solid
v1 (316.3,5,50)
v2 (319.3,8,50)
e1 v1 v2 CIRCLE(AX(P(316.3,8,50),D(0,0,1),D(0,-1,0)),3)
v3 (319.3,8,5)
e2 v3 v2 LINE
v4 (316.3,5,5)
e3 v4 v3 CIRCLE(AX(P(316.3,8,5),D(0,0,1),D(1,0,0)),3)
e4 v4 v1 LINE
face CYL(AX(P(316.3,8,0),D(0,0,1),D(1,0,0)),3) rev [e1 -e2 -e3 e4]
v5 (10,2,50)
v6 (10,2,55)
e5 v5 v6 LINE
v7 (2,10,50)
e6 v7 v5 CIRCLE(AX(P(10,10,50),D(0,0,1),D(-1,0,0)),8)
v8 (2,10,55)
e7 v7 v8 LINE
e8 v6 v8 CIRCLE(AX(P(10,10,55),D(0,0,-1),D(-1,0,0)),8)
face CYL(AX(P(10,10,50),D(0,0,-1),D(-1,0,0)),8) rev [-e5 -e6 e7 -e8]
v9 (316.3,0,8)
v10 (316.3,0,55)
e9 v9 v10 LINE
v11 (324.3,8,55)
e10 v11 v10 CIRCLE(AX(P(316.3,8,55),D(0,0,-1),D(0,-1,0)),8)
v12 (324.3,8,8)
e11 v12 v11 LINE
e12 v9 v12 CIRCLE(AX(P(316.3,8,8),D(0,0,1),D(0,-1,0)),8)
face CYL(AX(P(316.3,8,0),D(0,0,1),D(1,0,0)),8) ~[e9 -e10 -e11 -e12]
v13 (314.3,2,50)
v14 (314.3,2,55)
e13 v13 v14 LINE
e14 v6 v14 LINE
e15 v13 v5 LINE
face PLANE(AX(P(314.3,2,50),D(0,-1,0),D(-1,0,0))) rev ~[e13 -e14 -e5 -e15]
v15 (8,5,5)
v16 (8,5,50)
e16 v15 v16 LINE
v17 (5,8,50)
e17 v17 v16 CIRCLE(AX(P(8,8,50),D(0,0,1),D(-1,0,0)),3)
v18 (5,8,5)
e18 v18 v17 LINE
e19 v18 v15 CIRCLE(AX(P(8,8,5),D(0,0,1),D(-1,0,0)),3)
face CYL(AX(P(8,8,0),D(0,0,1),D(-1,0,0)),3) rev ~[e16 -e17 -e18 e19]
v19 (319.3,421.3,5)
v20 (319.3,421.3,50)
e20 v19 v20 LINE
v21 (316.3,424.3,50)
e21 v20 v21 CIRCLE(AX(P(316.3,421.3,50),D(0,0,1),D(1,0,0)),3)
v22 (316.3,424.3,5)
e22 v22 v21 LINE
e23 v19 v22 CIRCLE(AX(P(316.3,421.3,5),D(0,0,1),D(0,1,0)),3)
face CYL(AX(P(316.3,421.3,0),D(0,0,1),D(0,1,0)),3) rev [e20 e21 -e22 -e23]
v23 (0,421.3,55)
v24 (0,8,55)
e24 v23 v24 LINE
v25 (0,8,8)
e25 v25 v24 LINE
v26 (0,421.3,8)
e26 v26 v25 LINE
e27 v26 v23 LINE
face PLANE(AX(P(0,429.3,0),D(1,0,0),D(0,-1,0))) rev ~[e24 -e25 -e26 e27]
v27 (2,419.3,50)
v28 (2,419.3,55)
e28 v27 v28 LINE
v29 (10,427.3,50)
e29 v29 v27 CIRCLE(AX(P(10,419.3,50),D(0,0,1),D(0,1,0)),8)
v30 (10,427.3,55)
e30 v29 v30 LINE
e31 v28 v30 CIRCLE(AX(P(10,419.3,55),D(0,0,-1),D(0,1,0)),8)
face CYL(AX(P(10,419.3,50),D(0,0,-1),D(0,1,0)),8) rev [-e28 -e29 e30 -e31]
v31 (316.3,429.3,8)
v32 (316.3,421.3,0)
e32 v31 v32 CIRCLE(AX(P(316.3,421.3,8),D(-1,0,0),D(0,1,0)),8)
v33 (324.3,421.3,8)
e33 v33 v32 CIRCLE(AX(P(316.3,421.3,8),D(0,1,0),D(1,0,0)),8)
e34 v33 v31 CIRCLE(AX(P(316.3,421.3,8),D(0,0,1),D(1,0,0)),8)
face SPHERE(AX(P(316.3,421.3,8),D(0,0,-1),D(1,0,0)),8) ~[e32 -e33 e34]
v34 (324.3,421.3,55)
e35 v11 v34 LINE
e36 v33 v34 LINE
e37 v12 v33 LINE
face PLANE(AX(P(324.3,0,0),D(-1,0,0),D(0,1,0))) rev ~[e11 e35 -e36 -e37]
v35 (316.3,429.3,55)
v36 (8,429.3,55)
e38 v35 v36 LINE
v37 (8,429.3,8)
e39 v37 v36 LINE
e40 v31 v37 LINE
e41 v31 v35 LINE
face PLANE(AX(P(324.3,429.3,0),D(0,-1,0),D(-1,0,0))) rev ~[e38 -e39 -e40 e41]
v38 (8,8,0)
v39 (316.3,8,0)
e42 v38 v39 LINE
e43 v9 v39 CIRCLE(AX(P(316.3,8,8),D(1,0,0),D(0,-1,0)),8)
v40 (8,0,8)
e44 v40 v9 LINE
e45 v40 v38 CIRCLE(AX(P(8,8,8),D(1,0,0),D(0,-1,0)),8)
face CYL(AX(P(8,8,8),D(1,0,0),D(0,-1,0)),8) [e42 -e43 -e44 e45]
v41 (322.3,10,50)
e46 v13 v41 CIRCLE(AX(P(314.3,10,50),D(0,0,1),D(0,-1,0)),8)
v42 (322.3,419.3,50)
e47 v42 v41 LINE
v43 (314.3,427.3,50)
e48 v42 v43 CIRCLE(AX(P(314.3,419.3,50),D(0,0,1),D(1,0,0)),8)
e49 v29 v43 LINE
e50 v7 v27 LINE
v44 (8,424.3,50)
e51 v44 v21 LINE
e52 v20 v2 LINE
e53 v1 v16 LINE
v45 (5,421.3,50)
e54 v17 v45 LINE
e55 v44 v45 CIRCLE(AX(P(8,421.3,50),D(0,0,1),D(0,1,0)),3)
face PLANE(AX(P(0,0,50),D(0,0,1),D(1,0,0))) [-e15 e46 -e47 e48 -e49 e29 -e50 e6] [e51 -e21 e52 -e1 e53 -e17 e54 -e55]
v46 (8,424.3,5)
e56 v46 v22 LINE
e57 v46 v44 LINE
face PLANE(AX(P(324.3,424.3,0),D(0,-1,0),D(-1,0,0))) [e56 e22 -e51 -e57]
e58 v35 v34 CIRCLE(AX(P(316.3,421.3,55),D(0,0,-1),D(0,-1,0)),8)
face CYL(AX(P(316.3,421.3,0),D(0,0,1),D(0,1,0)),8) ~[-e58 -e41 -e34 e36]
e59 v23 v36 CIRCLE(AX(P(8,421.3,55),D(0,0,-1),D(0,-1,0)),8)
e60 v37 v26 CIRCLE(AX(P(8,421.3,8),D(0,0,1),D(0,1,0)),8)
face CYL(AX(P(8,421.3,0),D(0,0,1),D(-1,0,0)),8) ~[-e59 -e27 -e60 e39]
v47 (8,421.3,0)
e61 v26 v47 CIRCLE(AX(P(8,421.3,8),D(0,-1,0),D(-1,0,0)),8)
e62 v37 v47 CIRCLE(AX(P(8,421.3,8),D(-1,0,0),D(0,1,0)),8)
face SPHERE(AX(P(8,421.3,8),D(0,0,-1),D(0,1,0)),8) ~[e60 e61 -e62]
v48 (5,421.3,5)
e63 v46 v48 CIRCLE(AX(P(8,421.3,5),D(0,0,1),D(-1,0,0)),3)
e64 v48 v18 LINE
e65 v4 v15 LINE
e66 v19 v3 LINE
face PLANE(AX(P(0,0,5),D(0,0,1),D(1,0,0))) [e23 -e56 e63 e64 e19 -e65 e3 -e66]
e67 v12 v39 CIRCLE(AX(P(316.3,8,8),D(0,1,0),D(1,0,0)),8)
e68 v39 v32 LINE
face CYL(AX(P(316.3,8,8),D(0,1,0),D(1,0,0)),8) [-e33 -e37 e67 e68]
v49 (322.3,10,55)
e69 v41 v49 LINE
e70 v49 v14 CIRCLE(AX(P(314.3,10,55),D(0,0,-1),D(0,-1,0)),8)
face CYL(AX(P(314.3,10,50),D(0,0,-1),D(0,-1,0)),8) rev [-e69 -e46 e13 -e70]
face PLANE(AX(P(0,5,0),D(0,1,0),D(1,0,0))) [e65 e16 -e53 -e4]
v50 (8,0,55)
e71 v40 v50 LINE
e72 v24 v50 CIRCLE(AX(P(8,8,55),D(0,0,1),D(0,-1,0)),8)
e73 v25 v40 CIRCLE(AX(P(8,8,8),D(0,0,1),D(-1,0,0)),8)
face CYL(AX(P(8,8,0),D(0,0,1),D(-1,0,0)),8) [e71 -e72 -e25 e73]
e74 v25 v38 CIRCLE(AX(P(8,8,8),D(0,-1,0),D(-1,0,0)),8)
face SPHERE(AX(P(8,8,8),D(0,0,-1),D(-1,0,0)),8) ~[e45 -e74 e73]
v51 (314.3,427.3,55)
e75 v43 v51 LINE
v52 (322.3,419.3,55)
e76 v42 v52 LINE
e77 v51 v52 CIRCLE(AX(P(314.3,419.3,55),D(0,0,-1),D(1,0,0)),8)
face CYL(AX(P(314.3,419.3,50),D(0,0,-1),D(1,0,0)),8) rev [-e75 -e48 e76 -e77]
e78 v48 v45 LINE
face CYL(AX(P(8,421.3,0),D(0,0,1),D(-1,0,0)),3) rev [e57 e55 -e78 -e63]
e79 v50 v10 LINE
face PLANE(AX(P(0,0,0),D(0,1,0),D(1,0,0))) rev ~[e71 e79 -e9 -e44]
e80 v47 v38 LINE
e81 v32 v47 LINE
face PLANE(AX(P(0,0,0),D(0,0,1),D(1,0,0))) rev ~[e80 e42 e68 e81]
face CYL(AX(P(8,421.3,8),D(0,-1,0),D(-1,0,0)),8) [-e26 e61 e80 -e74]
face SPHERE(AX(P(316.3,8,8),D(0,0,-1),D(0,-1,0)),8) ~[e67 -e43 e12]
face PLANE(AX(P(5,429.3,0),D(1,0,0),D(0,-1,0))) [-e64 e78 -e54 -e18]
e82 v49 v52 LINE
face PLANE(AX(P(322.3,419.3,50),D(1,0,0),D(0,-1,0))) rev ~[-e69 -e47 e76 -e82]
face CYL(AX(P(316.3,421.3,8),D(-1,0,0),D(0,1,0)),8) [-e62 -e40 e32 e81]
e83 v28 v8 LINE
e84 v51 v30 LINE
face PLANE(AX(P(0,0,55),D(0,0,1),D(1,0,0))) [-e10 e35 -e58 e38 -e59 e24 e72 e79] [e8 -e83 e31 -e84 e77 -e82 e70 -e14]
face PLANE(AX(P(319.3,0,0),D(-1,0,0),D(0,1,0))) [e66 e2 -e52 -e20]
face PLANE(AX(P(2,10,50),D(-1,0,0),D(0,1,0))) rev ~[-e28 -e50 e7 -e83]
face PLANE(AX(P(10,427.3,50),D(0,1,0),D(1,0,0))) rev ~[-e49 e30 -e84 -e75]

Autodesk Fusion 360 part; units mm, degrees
sketch "Sketch1" plane through (0, 0, 0) normal (0, 0, 1) x (1, 0, 0)
  line L0 (0, 0) -> (324.3, 0)
  line L1 (324.3, 0) -> (324.3, 429.3)
  line L2 (324.3, 429.3) -> (0, 429.3)
  line L3 (0, 429.3) -> (0, 0)
  dimension "d7" = 324.3
  dimension "d8" = 429.3
extrude "Extrude1" add sketch "Sketch1" along normal blind 55
fillet "Fillet1" radius 8 4 edges at (324.3, 0, 27.5) (324.3, 429.3, 27.5) (0, 429.3, 27.5) (0, 0, 27.5)
shell "Shell1" thickness 5 removed faces 1 at (216.2, 283.5333, 55)
ref_plane "WorkPlane1" through (162.15, 214.65, 50) normal (0, 0, 1) x (1, 0, 0)
sketch "Sketch2" plane through (0, 0, 50) normal (0, 0, 1) x (1, 0, 0)
  line L0 (10, 427.3) -> (314.3, 427.3)
  line L1 (322.3, 419.3) -> (322.3, 10)
  line L2 (314.3, 2) -> (10, 2)
  line L3 (2, 10) -> (2, 419.3)
  arc A0 (8, 424.3) -> (5, 421.3) centre (8, 421.3) ccw
  line L4 (8, 424.3) -> (316.3, 424.3)
  arc A1 (319.3, 421.3) -> (316.3, 424.3) centre (316.3, 421.3) ccw
  line L5 (319.3, 421.3) -> (319.3, 8)
  arc A2 (316.3, 5) -> (319.3, 8) centre (316.3, 8) ccw
  line L6 (316.3, 5) -> (8, 5)
  arc A3 (5, 8) -> (8, 5) centre (8, 8) ccw
  line L7 (5, 8) -> (5, 421.3)
  arc A4 (0, 8) -> (8, 0) centre (8, 8) ccw
  line L8 (8, 0) -> (316.3, 0)
  arc A5 (316.3, 0) -> (324.3, 8) centre (316.3, 8) ccw
  line L9 (324.3, 8) -> (324.3, 421.3)
  arc A6 (324.3, 421.3) -> (316.3, 429.3) centre (316.3, 421.3) ccw
  line L10 (316.3, 429.3) -> (8, 429.3)
  arc A7 (8, 429.3) -> (0, 421.3) centre (8, 421.3) ccw
  line L11 (0, 421.3) -> (0, 8)
  arc A8 (2, 10) -> (10, 2) centre (10, 10) ccw
  arc A9 (10, 427.3) -> (2, 419.3) centre (10, 419.3) ccw
  arc A10 (322.3, 419.3) -> (314.3, 427.3) centre (314.3, 419.3) ccw
  arc A11 (314.3, 2) -> (322.3, 10) centre (314.3, 10) ccw
  dimension "d19" = 2
  dimension "d20" = 2
  dimension "d21" = 2
  dimension "d22" = 2
  dimension "d23" = 8
extrude "Extrude2" cut sketch "Sketch2" along normal through all contours L0 L1 L2 L3 A8 A9 A10 A11
fillet "Fillet2" radius 8 1 faces at (216.2, 283.5333, 0)
equation "tray_depth = panel_depth + 2 * ( wall_thickness - lip_thickness ) + printer_tolerance"
equation "tray_width = panel_width + 2 * ( wall_thickness - lip_thickness ) + printer_tolerance"
equation "wall_height = 55 mm"
equation "wall_thickness = 2 mm + lip_thickness"
equation "corner_radius = 8 mm"
equation "lip_depth = 5 mm"
equation "d7 = tray_width"
equation "d8 = tray_depth"
equation "d9 = wall_height"
equation "d12 = corner_radius"
equation "d13 = wall_thickness"
equation "panel_width = 320 mm"
equation "panel_depth = 425 mm"
equation "lip_thickness = 3 mm"
equation "printer_tolerance = 0.3 mm"
equation "d18 = -lip_depth"
equation "d19 = wall_thickness - lip_thickness"
equation "d20 = wall_thickness - lip_thickness"
equation "d21 = wall_thickness - lip_thickness"
equation "d22 = wall_thickness - lip_thickness"
equation "d23 = corner_radius"
equation "d26 = corner_radius"
